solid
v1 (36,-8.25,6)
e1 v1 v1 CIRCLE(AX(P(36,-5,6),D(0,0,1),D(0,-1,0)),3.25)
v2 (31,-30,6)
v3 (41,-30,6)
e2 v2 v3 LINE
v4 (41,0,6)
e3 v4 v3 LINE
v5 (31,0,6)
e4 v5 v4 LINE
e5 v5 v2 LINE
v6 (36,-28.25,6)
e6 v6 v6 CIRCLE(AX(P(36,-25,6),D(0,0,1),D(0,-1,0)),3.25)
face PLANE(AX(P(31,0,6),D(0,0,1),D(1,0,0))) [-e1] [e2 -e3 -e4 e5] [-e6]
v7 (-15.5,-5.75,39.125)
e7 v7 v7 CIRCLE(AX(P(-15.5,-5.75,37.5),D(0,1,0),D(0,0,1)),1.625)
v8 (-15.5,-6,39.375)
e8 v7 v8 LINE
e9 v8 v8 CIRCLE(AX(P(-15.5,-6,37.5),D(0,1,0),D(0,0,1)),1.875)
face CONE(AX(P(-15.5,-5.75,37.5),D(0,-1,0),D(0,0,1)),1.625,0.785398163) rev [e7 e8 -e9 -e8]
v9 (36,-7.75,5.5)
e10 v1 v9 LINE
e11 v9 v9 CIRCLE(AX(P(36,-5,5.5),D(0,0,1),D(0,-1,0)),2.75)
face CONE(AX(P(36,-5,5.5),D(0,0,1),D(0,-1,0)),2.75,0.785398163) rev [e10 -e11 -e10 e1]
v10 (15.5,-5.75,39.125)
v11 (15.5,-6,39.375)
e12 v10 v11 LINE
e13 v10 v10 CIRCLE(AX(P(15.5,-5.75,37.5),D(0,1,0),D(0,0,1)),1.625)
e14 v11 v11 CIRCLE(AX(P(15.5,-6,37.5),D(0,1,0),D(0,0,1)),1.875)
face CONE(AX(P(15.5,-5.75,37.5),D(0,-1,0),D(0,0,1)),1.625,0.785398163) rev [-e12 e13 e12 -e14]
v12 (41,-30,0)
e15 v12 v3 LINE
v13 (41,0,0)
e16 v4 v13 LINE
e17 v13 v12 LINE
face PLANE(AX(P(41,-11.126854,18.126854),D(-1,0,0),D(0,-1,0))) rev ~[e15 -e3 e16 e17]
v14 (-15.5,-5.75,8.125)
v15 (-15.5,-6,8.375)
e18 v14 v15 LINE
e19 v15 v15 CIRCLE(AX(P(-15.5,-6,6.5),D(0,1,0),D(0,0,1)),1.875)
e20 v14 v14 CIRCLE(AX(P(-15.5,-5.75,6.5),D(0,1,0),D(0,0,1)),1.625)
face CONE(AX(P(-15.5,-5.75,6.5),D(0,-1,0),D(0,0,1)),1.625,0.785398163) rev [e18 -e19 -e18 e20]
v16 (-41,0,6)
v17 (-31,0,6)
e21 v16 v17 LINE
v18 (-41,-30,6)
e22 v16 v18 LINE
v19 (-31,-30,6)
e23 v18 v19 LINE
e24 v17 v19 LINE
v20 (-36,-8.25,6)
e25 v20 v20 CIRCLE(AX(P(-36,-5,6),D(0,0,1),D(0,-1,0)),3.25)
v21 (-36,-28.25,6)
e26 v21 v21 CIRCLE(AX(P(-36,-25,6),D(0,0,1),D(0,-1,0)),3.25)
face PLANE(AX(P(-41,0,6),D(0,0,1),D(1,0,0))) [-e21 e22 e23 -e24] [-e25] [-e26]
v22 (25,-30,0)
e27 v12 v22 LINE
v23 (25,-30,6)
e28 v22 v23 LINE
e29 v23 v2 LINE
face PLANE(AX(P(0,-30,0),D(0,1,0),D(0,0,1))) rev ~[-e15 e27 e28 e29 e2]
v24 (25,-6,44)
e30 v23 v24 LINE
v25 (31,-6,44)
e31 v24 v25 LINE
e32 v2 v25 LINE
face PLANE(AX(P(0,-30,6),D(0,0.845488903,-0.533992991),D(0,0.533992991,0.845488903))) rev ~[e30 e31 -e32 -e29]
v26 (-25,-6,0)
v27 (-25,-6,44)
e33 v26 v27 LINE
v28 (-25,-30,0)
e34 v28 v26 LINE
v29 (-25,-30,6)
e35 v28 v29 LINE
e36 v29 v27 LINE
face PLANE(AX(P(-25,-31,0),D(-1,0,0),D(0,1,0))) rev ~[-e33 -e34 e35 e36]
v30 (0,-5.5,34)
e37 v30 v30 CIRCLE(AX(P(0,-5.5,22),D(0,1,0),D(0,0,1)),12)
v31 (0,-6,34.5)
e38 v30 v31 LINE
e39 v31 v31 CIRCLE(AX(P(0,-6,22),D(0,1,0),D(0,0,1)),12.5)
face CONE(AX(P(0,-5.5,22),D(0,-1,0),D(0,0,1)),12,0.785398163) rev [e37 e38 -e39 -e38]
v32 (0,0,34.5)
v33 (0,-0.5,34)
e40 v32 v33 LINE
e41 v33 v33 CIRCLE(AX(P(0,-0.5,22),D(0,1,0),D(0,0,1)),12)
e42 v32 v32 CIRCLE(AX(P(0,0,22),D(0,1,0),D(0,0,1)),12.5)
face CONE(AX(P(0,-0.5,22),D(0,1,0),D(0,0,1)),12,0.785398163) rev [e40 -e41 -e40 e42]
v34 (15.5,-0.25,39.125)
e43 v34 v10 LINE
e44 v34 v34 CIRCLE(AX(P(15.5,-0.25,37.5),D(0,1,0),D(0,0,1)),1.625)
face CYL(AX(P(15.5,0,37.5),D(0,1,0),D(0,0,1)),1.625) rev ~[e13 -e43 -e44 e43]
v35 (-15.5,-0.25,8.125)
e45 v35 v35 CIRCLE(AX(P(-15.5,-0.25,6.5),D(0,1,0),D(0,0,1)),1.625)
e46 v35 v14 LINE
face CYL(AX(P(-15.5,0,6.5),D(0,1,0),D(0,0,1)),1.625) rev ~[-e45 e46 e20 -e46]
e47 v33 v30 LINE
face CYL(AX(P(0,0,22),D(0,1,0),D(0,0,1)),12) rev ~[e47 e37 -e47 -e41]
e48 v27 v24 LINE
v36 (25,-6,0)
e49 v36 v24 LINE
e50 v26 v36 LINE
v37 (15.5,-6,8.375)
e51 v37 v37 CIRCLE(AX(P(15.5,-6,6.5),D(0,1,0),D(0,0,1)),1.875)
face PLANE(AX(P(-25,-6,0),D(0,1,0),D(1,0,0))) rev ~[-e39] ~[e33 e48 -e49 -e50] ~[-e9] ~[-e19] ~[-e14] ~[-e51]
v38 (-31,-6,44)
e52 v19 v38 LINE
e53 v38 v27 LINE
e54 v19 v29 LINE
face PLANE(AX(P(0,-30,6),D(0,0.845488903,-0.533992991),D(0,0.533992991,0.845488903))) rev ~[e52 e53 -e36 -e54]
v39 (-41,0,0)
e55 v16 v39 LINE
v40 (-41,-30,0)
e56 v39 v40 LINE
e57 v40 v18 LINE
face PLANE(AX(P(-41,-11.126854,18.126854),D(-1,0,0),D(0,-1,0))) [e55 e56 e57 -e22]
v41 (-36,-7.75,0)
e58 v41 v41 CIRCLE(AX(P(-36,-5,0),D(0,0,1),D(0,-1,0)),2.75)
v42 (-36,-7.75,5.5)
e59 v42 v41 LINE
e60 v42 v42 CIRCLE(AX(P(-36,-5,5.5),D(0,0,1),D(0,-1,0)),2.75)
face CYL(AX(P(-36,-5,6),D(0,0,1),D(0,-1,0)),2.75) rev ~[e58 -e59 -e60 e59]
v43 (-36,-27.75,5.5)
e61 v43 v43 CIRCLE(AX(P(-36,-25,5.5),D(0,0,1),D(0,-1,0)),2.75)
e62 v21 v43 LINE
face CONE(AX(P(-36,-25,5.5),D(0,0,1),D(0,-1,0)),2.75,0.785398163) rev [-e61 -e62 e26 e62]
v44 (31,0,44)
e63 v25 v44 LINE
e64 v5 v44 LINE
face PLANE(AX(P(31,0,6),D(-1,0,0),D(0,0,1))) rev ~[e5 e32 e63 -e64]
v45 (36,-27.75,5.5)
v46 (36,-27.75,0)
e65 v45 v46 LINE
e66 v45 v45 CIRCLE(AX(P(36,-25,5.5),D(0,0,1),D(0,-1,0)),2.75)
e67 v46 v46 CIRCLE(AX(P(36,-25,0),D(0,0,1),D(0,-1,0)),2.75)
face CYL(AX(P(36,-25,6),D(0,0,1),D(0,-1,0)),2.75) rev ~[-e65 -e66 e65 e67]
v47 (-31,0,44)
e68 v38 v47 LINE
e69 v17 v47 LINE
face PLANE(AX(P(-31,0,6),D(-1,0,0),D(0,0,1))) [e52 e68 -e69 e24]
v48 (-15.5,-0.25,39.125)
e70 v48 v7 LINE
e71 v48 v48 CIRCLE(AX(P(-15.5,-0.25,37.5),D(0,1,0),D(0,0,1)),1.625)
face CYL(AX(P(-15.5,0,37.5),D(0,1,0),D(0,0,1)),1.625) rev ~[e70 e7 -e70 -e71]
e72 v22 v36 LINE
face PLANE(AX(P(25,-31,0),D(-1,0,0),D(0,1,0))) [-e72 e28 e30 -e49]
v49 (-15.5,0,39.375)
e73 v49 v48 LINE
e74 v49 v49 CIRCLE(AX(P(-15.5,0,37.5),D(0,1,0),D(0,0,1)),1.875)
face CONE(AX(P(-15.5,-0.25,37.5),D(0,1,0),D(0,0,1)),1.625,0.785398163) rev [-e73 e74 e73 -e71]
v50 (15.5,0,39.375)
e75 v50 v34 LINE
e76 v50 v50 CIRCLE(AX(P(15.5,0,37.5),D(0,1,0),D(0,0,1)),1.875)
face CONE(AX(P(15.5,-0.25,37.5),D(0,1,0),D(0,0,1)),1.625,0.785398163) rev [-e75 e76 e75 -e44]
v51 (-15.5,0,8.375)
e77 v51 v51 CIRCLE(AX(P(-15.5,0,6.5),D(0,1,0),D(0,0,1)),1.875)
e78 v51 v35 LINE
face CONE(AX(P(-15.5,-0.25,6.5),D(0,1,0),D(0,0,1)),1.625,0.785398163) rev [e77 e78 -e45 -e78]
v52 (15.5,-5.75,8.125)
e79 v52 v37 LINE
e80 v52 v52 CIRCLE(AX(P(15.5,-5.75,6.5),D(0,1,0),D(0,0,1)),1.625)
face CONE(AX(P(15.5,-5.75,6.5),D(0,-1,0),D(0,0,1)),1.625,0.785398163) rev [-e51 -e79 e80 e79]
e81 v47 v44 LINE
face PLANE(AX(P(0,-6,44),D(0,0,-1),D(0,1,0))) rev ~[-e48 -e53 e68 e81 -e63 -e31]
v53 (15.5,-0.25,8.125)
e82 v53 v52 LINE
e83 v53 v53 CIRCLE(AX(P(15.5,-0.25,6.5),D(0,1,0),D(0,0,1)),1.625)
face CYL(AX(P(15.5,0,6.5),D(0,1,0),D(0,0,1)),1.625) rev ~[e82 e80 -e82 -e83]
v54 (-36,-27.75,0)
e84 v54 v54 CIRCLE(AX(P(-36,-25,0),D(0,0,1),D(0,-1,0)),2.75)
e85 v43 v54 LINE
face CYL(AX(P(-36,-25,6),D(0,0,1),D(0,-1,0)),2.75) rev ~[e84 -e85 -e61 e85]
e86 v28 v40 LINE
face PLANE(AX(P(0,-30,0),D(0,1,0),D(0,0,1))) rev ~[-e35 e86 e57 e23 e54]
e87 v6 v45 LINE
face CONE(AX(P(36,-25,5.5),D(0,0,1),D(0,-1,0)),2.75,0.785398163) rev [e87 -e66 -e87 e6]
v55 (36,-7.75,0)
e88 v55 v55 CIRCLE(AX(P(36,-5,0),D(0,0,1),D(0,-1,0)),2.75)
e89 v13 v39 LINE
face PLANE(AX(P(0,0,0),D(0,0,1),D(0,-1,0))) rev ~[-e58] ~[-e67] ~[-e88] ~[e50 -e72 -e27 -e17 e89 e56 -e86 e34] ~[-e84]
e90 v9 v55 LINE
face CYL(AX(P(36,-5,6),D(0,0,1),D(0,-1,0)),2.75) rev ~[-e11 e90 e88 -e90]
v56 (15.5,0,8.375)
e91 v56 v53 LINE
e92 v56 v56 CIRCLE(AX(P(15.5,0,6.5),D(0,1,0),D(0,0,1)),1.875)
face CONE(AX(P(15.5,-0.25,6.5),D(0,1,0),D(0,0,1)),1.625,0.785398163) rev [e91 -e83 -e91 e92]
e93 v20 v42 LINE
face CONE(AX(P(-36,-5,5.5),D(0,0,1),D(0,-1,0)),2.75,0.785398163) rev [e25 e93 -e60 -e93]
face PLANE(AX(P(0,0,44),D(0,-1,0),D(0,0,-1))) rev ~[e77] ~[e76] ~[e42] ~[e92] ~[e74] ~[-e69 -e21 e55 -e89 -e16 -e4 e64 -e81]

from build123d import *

# Parameters (mm, degrees)
PAD_DEPTH       = 41
SKETCH001_W     = 25
SKETCH001_H     = 50
POCKET_DEPTH    = 44.001
SKETCH002_W     = 45
SKETCH002_H     = 10
POCKET001_DEPTH = 30.001
SKETCH003_R     = 12
SKETCH003_R_2   = 1.625
POCKET002_DEPTH = 30.001
SKETCH004_R     = 2.75
POCKET003_DEPTH = 6.001
CHAMFER_SIZE    = 0.5
CHAMFER001_SIZE = 0.5
CHAMFER002_SIZE = 0.25


with BuildPart() as part:
    # Sketch → Pad (new body, symmetric)
    with BuildSketch(Plane.YZ):
        Polygon((0, 44), (0, 0), (-30, 0), (-30, 6), (-6, 44), align=None)
    extrude(amount=PAD_DEPTH, both=True)

    # Sketch001 → Pocket (cut, through all)
    with BuildSketch(Plane.YX):
        with Locations((-18.5, 0)):
            Rectangle(SKETCH001_W, SKETCH001_H)
    extrude(amount=-POCKET_DEPTH, mode=Mode.SUBTRACT)

    # Sketch002 → Pocket001 (cut, through all)
    with BuildSketch(Plane.ZX):
        with Locations((28.5, 36)):
            Rectangle(SKETCH002_W, SKETCH002_H)
        with Locations((28.5, -36)):
            Rectangle(SKETCH002_W, SKETCH002_H)
    extrude(amount=-POCKET001_DEPTH, mode=Mode.SUBTRACT)

    # Sketch003 → Pocket002 (cut, through all)
    with BuildSketch(Plane.ZX):
        with Locations((22, 0)):
            Circle(SKETCH003_R)
        with Locations((6.5, 15.5)):
            Circle(SKETCH003_R_2)
        with Locations((37.5, 15.5)):
            Circle(SKETCH003_R_2)
        with Locations((6.5, -15.5)):
            Circle(SKETCH003_R_2)
        with Locations((37.5, -15.5)):
            Circle(SKETCH003_R_2)
    extrude(amount=-POCKET002_DEPTH, mode=Mode.SUBTRACT)

    # Sketch004 → Pocket003 (cut, through all)
    with BuildSketch(Plane(origin=(0, 0, 6), x_dir=(0, -1, 0), z_dir=(0, 0, 1))):
        with Locations((5, 36)):
            Circle(SKETCH004_R)
        with Locations((25, 36)):
            Circle(SKETCH004_R)
        with Locations((5, -36)):
            Circle(SKETCH004_R)
        with Locations((25, -36)):
            Circle(SKETCH004_R)
    extrude(amount=-POCKET003_DEPTH, mode=Mode.SUBTRACT)

    # Chamfer
    chamfer_edges = [part.edges().sort_by_distance(p)[0] for p in [
        (36, -22.25, 6),
        (36, -2.25, 6),
        (-36, -22.25, 6),
        (-36, -2.25, 6),
    ]]
    chamfer(chamfer_edges, length=CHAMFER_SIZE)

    # Chamfer001
    chamfer001_edges = [part.edges().sort_by_distance(p)[0] for p in [
        (0, -6, 10),
        (0, 0, 10),
    ]]
    chamfer(chamfer001_edges, length=CHAMFER001_SIZE)

    # Chamfer002
    chamfer002_edges = [part.edges().sort_by_distance(p)[0] for p in [
        (15.5, 0, 35.875),
        (15.5, 0, 4.875),
        (-15.5, 0, 35.875),
        (-15.5, 0, 4.875),
        (15.5, -6, 35.875),
        (15.5, -6, 4.875),
        (-15.5, -6, 4.875),
        (-15.5, -6, 35.875),
    ]]
    chamfer(chamfer002_edges, length=CHAMFER002_SIZE)


solid = part.part
